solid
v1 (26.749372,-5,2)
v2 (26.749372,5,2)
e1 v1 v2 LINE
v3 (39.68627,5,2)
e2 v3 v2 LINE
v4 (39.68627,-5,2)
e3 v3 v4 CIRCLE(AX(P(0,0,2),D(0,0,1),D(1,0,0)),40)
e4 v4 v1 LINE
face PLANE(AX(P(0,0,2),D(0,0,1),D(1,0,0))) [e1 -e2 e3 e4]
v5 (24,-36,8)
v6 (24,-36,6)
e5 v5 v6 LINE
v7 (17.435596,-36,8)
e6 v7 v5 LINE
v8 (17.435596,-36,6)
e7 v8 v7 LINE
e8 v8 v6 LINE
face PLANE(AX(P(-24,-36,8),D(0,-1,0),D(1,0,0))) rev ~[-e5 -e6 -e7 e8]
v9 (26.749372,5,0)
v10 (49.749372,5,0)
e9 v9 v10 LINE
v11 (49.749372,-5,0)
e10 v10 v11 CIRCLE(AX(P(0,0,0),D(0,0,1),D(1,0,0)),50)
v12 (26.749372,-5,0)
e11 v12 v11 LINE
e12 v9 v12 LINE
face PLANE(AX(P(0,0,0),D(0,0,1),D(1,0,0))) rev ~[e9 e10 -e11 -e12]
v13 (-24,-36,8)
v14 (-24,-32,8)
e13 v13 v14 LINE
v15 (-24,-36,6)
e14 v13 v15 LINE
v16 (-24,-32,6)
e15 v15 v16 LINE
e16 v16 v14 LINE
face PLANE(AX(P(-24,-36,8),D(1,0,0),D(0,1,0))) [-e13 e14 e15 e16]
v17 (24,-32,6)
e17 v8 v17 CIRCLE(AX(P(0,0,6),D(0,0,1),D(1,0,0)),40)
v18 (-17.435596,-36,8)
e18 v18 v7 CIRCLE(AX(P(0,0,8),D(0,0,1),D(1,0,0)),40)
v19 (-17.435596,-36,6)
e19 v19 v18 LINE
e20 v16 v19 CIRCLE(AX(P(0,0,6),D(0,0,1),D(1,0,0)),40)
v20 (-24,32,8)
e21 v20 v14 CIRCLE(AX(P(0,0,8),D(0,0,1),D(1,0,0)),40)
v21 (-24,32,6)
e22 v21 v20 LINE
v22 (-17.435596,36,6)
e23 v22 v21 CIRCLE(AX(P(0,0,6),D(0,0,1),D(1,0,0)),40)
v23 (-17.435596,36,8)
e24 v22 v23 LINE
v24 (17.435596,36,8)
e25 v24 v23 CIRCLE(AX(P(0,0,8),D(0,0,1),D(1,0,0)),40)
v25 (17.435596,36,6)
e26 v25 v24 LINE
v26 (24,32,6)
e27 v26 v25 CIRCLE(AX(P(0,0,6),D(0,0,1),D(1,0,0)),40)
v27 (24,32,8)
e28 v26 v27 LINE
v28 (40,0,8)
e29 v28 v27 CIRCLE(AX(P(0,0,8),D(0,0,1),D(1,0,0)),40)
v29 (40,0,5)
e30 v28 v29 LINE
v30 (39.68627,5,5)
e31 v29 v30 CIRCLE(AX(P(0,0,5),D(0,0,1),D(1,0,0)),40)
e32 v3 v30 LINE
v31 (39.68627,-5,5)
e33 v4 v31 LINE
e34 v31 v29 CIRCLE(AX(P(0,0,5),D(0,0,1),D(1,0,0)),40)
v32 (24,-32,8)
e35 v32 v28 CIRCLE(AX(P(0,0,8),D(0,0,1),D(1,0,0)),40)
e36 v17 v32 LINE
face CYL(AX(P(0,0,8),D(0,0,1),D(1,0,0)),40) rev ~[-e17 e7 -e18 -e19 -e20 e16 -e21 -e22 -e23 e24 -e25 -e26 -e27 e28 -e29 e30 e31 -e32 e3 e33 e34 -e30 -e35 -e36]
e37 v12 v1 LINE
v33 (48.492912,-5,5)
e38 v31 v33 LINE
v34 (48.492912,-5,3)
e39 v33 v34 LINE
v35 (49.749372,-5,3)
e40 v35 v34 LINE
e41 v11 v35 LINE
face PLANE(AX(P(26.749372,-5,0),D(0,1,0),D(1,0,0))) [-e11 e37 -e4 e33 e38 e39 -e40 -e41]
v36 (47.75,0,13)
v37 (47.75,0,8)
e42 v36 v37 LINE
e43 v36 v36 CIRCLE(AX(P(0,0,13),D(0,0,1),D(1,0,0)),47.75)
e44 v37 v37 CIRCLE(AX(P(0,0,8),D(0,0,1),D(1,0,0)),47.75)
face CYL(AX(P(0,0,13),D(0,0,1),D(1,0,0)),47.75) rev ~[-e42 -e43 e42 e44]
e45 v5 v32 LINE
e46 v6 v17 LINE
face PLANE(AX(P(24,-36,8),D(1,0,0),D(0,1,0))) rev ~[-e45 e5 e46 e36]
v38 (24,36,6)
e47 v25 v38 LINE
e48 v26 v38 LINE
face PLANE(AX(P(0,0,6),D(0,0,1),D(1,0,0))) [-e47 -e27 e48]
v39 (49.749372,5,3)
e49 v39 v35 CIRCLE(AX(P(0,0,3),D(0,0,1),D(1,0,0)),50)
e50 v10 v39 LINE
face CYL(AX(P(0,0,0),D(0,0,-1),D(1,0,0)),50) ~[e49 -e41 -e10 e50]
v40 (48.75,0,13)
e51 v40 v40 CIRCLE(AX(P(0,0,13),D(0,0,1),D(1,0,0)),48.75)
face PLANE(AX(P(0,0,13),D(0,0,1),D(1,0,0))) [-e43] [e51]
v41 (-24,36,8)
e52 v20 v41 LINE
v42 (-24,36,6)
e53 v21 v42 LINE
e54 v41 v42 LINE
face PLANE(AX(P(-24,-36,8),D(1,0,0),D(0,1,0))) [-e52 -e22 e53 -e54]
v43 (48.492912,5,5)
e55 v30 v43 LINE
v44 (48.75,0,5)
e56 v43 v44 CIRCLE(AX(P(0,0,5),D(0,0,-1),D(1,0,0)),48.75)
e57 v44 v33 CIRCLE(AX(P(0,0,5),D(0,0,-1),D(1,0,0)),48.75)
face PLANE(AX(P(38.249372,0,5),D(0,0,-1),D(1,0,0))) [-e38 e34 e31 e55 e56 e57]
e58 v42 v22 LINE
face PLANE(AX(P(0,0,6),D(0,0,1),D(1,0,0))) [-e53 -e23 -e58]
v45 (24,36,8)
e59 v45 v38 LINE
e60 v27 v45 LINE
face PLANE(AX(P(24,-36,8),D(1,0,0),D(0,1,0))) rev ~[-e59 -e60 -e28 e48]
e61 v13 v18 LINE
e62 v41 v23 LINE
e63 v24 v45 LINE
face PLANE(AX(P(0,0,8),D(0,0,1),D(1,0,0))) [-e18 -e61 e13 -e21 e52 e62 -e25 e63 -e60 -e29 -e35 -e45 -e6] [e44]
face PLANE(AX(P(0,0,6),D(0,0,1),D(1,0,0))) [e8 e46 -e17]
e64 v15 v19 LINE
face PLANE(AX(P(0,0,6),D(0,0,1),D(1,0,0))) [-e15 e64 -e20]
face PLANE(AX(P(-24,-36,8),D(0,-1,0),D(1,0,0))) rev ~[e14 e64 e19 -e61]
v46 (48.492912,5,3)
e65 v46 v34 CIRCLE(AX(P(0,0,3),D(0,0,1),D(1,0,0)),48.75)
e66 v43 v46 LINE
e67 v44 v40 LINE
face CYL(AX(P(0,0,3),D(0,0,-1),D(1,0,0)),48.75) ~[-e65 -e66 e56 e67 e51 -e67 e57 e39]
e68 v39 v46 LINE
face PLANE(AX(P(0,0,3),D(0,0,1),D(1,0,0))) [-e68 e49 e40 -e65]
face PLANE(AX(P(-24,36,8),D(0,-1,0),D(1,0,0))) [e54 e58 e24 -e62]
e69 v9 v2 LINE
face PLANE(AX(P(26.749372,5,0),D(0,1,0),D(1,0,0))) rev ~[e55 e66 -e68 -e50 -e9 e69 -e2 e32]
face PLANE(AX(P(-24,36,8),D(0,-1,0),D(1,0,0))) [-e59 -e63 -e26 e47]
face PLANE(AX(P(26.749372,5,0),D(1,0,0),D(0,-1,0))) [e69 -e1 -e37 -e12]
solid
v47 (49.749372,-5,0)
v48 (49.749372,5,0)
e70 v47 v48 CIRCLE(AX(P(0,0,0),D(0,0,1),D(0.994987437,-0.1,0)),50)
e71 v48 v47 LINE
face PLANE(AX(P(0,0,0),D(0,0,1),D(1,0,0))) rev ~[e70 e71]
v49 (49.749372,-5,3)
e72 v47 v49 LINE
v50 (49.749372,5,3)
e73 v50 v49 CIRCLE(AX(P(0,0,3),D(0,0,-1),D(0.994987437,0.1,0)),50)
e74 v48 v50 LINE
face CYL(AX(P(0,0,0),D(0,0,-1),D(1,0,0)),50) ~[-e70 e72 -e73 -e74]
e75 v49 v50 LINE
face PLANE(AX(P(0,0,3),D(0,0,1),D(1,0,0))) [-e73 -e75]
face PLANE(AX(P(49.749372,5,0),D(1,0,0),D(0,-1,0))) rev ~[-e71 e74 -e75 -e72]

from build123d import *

# Parameters (mm, degrees)
F0_R      = 50
F1_DEPTH  = 3
F2_R      = 48.75
F3_DEPTH  = 10
F4_R      = 47.75
F5_DEPTH  = 5
F6_R      = 40
F7_DEPTH  = 6
F8_W      = 48
F8_H      = 72
F9_DEPTH  = 2
F10_W     = 23
F10_H     = 10
F11_DEPTH = 5


with BuildPart() as f1:
    # F0 (on Top) → F1 (new body)
    with BuildSketch(Plane.XY):
        Circle(F0_R)
    extrude(amount=F1_DEPTH)

    # F2 (on face) → F3 (join)
    with BuildSketch(Plane.XY.offset(3)):
        Circle(F2_R)
    extrude(amount=F3_DEPTH)

    # F4 (on face) → F5 (cut)
    with BuildSketch(Plane.XY.offset(13)):
        Circle(F4_R)
    extrude(amount=-F5_DEPTH, mode=Mode.SUBTRACT)

    # F6 (on face) → F7 (cut)
    with BuildSketch(Plane.XY.offset(8)):
        Circle(F6_R)
    extrude(amount=-F7_DEPTH, mode=Mode.SUBTRACT)

    # F8 (on face) → F9 (cut)
    with BuildSketch(Plane.XY.offset(8)):
        Rectangle(F8_W, F8_H)
    extrude(amount=-F9_DEPTH, mode=Mode.SUBTRACT)

    # F10 (on face) → F11 (cut)
    with BuildSketch(Plane(origin=(0, 0, 0), x_dir=(1, 0, 0), z_dir=(0, 0, -1))):
        with Locations((38.249372, 0)):
            Rectangle(F10_W, F10_H)
    extrude(amount=-F11_DEPTH, mode=Mode.SUBTRACT)


solid = f1.part
